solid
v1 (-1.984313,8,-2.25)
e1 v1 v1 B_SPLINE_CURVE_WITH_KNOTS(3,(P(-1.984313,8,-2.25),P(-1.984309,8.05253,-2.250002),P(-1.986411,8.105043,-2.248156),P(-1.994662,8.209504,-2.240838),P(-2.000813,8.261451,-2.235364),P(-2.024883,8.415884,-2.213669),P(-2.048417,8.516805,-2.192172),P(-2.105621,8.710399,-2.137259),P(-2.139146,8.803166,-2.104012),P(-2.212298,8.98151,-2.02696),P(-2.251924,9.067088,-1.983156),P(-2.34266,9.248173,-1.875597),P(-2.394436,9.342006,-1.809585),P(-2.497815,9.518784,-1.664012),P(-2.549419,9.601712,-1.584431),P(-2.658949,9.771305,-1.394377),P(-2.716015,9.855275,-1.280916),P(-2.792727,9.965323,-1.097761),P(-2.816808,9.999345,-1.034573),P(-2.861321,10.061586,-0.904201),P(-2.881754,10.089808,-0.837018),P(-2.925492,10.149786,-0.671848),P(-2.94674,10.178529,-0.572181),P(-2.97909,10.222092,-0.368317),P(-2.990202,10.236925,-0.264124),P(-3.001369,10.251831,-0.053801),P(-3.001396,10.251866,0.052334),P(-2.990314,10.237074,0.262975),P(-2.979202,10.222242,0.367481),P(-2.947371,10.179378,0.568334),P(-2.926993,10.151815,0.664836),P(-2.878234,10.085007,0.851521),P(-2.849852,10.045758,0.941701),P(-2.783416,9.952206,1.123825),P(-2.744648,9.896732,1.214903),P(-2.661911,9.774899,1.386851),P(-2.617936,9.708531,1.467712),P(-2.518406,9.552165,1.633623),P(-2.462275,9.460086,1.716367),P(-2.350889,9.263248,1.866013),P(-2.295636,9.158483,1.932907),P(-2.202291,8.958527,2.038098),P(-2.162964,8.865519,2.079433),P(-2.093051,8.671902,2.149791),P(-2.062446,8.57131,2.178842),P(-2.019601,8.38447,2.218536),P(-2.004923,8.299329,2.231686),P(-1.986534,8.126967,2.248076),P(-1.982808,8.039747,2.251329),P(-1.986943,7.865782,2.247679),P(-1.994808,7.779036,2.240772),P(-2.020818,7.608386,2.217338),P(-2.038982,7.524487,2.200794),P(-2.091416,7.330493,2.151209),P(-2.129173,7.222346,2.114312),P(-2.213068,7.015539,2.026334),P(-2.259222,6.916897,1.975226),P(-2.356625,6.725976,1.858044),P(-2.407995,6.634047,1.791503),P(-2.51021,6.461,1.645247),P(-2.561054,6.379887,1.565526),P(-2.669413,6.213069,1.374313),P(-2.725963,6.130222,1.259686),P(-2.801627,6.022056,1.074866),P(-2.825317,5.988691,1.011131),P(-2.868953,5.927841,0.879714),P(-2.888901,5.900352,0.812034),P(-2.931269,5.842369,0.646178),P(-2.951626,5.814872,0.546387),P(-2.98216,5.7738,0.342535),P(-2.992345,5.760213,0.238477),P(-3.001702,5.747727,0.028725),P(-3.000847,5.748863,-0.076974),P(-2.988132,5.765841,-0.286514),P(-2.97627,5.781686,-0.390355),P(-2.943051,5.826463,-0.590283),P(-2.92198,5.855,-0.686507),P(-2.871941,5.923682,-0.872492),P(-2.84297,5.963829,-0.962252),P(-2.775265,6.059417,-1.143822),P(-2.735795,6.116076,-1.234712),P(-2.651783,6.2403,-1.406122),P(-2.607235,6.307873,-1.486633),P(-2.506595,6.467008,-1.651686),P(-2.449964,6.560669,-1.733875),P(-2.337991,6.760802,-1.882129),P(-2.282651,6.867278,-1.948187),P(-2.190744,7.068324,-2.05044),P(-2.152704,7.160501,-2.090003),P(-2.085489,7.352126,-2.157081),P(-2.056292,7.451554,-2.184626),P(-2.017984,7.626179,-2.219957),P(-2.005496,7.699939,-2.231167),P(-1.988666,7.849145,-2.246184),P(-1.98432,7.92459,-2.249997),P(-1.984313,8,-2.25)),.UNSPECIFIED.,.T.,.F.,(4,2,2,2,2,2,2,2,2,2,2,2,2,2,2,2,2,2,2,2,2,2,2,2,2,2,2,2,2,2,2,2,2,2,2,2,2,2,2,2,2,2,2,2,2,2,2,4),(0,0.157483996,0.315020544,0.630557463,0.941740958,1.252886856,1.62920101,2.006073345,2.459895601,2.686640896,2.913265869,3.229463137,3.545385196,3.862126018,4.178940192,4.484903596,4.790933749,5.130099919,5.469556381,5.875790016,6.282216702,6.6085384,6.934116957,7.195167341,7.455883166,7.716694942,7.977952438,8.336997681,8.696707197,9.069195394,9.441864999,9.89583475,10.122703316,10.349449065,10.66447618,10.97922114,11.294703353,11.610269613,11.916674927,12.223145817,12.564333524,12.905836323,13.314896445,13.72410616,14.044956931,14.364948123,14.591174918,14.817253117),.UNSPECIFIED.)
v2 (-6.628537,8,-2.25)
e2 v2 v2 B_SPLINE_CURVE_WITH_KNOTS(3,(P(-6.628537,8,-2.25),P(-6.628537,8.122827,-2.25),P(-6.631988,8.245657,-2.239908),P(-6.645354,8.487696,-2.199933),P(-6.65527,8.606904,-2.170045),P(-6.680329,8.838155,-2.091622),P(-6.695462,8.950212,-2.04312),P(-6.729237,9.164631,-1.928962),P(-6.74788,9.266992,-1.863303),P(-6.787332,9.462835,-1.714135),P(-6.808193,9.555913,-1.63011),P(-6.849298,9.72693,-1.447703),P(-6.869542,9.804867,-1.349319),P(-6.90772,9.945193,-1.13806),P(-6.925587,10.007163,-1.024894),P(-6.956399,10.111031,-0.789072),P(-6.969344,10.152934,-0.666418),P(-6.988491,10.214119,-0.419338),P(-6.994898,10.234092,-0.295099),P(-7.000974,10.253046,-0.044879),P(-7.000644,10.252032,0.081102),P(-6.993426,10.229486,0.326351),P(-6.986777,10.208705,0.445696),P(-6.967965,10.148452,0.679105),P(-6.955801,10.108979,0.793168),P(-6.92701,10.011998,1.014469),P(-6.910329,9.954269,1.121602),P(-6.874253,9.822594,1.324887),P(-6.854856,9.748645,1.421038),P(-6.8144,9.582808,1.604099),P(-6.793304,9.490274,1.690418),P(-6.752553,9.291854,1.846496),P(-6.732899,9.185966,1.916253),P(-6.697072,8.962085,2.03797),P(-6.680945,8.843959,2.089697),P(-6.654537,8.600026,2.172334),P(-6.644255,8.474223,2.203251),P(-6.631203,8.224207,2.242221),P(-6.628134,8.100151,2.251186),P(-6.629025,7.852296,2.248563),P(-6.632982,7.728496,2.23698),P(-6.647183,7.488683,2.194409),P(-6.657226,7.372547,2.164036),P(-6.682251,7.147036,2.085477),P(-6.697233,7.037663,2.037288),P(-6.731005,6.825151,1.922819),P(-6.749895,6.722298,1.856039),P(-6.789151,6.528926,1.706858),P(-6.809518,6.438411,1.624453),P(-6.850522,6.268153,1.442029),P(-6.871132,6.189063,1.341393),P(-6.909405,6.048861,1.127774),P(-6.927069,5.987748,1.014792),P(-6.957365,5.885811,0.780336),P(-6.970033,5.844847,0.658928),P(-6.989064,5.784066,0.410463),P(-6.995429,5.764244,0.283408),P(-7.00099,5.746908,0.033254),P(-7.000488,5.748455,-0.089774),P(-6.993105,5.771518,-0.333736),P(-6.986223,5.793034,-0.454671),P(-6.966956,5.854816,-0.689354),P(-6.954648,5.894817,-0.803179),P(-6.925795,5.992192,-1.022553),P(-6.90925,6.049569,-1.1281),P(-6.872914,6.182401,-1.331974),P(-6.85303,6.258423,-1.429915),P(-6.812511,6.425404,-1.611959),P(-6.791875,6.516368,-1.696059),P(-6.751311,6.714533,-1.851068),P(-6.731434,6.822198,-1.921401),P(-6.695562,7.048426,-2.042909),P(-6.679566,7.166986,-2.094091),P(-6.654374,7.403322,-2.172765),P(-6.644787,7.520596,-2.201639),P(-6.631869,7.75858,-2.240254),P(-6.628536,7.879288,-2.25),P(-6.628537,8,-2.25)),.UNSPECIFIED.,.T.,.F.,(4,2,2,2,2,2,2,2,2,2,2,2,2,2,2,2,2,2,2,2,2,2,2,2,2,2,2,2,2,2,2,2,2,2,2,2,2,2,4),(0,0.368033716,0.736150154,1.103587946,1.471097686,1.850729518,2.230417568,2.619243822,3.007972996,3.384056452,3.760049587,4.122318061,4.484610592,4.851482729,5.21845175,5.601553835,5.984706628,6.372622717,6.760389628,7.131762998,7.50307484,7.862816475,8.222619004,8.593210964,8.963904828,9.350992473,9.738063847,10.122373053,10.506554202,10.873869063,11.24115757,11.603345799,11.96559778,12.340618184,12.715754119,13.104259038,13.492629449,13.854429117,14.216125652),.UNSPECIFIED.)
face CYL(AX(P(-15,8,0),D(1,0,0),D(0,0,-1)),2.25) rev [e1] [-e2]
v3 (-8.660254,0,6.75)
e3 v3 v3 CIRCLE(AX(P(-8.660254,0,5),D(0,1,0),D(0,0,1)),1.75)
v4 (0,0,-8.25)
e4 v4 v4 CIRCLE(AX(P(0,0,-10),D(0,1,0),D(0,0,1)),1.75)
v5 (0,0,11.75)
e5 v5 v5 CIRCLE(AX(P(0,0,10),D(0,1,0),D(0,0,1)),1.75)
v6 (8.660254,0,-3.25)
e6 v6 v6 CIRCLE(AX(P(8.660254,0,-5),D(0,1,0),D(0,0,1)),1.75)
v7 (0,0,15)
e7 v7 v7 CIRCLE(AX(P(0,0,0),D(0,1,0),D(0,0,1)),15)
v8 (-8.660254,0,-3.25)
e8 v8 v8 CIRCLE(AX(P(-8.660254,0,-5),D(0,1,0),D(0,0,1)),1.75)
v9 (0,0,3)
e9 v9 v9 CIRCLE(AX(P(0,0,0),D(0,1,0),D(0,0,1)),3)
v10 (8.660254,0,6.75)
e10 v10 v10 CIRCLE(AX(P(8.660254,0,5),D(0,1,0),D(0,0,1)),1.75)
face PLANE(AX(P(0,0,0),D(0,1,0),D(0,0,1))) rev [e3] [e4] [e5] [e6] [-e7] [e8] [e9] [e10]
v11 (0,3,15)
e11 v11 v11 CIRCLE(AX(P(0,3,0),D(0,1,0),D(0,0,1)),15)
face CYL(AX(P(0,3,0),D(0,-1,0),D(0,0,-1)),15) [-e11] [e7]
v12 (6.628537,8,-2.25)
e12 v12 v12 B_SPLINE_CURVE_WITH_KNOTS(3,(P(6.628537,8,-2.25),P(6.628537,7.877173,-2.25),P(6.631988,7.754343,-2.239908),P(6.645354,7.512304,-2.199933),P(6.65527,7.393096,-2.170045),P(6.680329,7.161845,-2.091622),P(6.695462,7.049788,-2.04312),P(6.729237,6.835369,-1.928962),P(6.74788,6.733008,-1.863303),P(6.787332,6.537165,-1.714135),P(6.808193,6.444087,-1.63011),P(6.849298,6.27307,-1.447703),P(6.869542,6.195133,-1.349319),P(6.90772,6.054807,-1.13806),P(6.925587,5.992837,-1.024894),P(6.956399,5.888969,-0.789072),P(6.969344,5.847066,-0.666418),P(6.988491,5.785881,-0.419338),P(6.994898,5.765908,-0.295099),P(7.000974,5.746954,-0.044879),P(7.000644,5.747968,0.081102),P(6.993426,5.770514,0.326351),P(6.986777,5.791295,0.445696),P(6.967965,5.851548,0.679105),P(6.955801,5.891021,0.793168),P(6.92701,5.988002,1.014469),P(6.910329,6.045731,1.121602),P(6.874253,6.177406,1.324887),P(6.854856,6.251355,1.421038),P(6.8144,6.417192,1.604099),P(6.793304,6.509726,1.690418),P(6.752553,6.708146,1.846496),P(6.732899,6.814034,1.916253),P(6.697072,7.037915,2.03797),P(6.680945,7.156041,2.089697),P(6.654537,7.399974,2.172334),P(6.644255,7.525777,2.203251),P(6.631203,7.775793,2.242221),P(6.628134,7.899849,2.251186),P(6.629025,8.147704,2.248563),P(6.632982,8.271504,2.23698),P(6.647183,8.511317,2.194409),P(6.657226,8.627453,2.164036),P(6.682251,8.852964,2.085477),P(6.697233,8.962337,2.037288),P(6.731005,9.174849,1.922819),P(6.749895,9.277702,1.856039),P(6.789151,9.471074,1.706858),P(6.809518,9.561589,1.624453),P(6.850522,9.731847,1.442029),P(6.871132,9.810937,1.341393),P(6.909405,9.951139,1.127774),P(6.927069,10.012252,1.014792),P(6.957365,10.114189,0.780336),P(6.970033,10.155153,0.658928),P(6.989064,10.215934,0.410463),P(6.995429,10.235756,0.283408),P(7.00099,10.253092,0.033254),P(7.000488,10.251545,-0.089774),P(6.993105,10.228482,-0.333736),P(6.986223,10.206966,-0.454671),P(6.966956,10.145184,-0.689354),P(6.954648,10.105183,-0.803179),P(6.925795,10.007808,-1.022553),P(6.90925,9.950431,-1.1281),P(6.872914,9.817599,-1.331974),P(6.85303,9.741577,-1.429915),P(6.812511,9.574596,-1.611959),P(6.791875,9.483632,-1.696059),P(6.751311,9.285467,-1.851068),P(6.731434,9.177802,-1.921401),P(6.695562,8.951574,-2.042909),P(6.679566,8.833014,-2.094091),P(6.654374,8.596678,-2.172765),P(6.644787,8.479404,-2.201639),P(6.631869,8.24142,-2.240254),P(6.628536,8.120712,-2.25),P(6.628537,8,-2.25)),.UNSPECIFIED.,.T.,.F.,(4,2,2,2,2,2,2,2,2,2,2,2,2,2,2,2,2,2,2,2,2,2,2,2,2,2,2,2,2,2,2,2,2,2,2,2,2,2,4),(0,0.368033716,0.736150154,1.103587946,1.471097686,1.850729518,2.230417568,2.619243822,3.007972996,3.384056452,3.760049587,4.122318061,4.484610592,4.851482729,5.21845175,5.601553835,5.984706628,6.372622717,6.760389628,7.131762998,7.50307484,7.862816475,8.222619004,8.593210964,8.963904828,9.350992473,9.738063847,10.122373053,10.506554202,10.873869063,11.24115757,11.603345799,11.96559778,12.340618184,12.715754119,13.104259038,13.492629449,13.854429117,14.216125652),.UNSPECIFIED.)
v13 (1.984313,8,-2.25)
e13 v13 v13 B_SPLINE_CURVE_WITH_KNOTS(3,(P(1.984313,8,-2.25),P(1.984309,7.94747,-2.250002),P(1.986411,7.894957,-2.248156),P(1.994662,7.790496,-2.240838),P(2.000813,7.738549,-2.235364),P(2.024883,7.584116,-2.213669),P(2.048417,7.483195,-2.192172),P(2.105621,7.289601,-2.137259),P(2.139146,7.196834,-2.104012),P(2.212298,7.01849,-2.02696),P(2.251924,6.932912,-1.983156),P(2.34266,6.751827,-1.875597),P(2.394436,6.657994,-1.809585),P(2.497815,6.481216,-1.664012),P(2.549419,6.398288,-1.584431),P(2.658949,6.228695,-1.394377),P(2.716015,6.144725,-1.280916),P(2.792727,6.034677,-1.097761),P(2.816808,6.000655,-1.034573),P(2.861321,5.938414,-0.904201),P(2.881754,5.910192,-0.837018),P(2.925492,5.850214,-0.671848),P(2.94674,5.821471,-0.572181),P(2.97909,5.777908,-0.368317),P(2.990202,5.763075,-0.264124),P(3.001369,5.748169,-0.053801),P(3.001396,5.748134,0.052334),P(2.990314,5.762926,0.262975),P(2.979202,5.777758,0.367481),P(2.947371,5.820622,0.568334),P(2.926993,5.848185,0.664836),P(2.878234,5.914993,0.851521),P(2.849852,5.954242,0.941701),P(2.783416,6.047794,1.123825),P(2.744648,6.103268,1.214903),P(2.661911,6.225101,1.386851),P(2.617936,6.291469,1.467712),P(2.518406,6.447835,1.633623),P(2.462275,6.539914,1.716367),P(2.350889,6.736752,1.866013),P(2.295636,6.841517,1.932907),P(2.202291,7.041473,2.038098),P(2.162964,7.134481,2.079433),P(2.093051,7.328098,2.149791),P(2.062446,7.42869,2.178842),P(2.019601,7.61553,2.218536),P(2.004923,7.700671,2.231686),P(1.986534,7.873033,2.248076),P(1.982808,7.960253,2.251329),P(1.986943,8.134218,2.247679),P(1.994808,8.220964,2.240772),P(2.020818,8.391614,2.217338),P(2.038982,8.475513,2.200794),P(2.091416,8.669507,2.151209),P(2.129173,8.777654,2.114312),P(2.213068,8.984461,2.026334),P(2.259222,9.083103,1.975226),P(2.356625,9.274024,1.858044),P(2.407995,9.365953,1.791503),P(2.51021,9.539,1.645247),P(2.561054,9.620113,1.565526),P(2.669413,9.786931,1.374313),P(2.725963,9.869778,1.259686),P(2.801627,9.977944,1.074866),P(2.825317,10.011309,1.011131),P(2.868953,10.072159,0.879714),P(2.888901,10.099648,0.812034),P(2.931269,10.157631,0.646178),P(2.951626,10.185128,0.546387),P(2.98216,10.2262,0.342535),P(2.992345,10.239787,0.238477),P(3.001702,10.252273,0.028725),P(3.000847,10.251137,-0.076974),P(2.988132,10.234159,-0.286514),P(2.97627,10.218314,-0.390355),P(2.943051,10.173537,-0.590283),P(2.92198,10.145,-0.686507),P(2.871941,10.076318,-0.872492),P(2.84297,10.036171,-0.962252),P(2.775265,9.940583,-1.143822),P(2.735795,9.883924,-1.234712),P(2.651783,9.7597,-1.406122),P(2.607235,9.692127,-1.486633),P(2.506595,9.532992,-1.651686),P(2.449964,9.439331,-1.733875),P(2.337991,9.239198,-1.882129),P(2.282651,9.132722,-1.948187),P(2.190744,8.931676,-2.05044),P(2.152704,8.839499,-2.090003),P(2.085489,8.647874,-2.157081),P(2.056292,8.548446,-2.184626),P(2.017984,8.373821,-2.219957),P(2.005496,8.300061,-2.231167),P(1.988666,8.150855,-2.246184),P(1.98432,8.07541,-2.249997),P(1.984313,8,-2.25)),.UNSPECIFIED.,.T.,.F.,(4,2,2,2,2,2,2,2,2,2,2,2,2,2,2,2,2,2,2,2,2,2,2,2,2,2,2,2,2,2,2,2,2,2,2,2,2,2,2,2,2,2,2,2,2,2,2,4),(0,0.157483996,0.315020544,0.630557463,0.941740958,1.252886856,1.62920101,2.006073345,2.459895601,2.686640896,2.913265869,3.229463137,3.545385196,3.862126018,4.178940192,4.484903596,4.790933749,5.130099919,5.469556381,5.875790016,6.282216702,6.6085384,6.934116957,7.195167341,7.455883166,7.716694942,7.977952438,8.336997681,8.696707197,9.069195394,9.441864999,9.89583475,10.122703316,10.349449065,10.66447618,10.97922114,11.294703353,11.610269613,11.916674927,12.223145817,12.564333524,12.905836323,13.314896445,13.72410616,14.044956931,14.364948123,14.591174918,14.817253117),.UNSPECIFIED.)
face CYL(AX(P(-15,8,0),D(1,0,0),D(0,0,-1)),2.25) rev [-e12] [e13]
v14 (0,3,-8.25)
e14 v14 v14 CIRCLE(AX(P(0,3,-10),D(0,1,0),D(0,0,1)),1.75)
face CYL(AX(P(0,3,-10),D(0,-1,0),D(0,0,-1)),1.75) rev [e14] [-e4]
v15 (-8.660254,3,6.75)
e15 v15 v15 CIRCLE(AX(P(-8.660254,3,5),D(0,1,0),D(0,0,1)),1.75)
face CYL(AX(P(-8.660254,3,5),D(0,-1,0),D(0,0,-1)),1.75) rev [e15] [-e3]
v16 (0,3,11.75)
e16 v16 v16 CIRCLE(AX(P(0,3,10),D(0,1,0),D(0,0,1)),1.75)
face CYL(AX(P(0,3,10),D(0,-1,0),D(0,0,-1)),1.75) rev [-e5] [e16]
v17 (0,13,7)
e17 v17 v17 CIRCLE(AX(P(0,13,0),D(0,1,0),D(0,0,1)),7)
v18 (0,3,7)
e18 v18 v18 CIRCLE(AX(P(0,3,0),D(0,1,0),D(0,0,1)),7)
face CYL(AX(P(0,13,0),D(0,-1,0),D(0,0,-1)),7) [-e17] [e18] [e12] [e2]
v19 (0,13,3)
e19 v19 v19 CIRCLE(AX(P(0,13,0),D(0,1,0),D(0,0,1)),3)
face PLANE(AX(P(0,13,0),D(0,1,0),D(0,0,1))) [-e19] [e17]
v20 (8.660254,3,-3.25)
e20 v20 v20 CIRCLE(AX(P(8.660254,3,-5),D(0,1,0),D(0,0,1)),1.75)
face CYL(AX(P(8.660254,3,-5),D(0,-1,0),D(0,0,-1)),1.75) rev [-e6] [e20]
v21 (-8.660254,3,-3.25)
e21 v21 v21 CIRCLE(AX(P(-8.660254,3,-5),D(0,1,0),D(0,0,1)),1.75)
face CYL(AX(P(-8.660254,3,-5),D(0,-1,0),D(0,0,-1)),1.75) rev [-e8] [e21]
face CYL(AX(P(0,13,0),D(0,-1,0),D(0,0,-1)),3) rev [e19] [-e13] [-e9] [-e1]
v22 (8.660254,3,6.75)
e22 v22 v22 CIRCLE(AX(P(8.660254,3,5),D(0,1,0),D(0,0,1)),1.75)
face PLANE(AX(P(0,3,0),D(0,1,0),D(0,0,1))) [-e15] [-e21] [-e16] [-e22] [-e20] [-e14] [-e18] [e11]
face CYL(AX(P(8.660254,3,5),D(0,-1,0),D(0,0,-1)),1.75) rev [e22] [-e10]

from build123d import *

# Parameters (mm, degrees)
SKETCH1_R               = 15
SKETCH1_R_2             = 1.75
SKETCH1_R_3             = 7
BOSS_EXTRUDE1_DEPTH     = 3
SKETCH1_3_R             = 7
SKETCH1_3_R_2           = 3
BOSS_EXTRUDE2_DEPTH     = 13
CUT_EXTRUDE1_DEPTH      = 25.879710609
CUT_EXTRUDE1_DEPTH_BACK = 25.879710609
SKETCH2_R               = 2.25


with BuildPart() as part:
    # Sketch1 → Boss-Extrude1 (new body)
    with BuildSketch(Plane(origin=(0, 0, 0), x_dir=(1, 0, 0), z_dir=(0, 1, 0))):
        Circle(SKETCH1_R)
        with Locations((-8.660254038, -5)):
            Circle(SKETCH1_R_2, mode=Mode.SUBTRACT)
        with Locations((0, -10)):
            Circle(SKETCH1_R_2, mode=Mode.SUBTRACT)
        with Locations((8.660254038, -5)):
            Circle(SKETCH1_R_2, mode=Mode.SUBTRACT)
        with Locations((-8.660254038, 5)):
            Circle(SKETCH1_R_2, mode=Mode.SUBTRACT)
        Circle(SKETCH1_R_3, mode=Mode.SUBTRACT)
        with Locations((8.660254038, 5)):
            Circle(SKETCH1_R_2, mode=Mode.SUBTRACT)
        with Locations((0, 10)):
            Circle(SKETCH1_R_2, mode=Mode.SUBTRACT)
    extrude(amount=BOSS_EXTRUDE1_DEPTH)

    # Sketch1<3> → Boss-Extrude2 (add)
    with BuildSketch(Plane(origin=(0, 0, 0), x_dir=(1, 0, 0), z_dir=(0, 1, 0))):
        Circle(SKETCH1_3_R)
        Circle(SKETCH1_3_R_2, mode=Mode.SUBTRACT)
    extrude(amount=BOSS_EXTRUDE2_DEPTH)

    # Sketch2 → Cut-Extrude1 (cut, two sides: drawn at the far end of the back side and taken through both)
    with BuildSketch(Plane(origin=(0, 0, 0), x_dir=(0, 0, -1), z_dir=(1, 0, 0)).offset(-CUT_EXTRUDE1_DEPTH_BACK)):
        with Locations((0, 8)):
            Circle(SKETCH2_R)
    extrude(amount=CUT_EXTRUDE1_DEPTH + CUT_EXTRUDE1_DEPTH_BACK, mode=Mode.SUBTRACT)


solid = part.part
